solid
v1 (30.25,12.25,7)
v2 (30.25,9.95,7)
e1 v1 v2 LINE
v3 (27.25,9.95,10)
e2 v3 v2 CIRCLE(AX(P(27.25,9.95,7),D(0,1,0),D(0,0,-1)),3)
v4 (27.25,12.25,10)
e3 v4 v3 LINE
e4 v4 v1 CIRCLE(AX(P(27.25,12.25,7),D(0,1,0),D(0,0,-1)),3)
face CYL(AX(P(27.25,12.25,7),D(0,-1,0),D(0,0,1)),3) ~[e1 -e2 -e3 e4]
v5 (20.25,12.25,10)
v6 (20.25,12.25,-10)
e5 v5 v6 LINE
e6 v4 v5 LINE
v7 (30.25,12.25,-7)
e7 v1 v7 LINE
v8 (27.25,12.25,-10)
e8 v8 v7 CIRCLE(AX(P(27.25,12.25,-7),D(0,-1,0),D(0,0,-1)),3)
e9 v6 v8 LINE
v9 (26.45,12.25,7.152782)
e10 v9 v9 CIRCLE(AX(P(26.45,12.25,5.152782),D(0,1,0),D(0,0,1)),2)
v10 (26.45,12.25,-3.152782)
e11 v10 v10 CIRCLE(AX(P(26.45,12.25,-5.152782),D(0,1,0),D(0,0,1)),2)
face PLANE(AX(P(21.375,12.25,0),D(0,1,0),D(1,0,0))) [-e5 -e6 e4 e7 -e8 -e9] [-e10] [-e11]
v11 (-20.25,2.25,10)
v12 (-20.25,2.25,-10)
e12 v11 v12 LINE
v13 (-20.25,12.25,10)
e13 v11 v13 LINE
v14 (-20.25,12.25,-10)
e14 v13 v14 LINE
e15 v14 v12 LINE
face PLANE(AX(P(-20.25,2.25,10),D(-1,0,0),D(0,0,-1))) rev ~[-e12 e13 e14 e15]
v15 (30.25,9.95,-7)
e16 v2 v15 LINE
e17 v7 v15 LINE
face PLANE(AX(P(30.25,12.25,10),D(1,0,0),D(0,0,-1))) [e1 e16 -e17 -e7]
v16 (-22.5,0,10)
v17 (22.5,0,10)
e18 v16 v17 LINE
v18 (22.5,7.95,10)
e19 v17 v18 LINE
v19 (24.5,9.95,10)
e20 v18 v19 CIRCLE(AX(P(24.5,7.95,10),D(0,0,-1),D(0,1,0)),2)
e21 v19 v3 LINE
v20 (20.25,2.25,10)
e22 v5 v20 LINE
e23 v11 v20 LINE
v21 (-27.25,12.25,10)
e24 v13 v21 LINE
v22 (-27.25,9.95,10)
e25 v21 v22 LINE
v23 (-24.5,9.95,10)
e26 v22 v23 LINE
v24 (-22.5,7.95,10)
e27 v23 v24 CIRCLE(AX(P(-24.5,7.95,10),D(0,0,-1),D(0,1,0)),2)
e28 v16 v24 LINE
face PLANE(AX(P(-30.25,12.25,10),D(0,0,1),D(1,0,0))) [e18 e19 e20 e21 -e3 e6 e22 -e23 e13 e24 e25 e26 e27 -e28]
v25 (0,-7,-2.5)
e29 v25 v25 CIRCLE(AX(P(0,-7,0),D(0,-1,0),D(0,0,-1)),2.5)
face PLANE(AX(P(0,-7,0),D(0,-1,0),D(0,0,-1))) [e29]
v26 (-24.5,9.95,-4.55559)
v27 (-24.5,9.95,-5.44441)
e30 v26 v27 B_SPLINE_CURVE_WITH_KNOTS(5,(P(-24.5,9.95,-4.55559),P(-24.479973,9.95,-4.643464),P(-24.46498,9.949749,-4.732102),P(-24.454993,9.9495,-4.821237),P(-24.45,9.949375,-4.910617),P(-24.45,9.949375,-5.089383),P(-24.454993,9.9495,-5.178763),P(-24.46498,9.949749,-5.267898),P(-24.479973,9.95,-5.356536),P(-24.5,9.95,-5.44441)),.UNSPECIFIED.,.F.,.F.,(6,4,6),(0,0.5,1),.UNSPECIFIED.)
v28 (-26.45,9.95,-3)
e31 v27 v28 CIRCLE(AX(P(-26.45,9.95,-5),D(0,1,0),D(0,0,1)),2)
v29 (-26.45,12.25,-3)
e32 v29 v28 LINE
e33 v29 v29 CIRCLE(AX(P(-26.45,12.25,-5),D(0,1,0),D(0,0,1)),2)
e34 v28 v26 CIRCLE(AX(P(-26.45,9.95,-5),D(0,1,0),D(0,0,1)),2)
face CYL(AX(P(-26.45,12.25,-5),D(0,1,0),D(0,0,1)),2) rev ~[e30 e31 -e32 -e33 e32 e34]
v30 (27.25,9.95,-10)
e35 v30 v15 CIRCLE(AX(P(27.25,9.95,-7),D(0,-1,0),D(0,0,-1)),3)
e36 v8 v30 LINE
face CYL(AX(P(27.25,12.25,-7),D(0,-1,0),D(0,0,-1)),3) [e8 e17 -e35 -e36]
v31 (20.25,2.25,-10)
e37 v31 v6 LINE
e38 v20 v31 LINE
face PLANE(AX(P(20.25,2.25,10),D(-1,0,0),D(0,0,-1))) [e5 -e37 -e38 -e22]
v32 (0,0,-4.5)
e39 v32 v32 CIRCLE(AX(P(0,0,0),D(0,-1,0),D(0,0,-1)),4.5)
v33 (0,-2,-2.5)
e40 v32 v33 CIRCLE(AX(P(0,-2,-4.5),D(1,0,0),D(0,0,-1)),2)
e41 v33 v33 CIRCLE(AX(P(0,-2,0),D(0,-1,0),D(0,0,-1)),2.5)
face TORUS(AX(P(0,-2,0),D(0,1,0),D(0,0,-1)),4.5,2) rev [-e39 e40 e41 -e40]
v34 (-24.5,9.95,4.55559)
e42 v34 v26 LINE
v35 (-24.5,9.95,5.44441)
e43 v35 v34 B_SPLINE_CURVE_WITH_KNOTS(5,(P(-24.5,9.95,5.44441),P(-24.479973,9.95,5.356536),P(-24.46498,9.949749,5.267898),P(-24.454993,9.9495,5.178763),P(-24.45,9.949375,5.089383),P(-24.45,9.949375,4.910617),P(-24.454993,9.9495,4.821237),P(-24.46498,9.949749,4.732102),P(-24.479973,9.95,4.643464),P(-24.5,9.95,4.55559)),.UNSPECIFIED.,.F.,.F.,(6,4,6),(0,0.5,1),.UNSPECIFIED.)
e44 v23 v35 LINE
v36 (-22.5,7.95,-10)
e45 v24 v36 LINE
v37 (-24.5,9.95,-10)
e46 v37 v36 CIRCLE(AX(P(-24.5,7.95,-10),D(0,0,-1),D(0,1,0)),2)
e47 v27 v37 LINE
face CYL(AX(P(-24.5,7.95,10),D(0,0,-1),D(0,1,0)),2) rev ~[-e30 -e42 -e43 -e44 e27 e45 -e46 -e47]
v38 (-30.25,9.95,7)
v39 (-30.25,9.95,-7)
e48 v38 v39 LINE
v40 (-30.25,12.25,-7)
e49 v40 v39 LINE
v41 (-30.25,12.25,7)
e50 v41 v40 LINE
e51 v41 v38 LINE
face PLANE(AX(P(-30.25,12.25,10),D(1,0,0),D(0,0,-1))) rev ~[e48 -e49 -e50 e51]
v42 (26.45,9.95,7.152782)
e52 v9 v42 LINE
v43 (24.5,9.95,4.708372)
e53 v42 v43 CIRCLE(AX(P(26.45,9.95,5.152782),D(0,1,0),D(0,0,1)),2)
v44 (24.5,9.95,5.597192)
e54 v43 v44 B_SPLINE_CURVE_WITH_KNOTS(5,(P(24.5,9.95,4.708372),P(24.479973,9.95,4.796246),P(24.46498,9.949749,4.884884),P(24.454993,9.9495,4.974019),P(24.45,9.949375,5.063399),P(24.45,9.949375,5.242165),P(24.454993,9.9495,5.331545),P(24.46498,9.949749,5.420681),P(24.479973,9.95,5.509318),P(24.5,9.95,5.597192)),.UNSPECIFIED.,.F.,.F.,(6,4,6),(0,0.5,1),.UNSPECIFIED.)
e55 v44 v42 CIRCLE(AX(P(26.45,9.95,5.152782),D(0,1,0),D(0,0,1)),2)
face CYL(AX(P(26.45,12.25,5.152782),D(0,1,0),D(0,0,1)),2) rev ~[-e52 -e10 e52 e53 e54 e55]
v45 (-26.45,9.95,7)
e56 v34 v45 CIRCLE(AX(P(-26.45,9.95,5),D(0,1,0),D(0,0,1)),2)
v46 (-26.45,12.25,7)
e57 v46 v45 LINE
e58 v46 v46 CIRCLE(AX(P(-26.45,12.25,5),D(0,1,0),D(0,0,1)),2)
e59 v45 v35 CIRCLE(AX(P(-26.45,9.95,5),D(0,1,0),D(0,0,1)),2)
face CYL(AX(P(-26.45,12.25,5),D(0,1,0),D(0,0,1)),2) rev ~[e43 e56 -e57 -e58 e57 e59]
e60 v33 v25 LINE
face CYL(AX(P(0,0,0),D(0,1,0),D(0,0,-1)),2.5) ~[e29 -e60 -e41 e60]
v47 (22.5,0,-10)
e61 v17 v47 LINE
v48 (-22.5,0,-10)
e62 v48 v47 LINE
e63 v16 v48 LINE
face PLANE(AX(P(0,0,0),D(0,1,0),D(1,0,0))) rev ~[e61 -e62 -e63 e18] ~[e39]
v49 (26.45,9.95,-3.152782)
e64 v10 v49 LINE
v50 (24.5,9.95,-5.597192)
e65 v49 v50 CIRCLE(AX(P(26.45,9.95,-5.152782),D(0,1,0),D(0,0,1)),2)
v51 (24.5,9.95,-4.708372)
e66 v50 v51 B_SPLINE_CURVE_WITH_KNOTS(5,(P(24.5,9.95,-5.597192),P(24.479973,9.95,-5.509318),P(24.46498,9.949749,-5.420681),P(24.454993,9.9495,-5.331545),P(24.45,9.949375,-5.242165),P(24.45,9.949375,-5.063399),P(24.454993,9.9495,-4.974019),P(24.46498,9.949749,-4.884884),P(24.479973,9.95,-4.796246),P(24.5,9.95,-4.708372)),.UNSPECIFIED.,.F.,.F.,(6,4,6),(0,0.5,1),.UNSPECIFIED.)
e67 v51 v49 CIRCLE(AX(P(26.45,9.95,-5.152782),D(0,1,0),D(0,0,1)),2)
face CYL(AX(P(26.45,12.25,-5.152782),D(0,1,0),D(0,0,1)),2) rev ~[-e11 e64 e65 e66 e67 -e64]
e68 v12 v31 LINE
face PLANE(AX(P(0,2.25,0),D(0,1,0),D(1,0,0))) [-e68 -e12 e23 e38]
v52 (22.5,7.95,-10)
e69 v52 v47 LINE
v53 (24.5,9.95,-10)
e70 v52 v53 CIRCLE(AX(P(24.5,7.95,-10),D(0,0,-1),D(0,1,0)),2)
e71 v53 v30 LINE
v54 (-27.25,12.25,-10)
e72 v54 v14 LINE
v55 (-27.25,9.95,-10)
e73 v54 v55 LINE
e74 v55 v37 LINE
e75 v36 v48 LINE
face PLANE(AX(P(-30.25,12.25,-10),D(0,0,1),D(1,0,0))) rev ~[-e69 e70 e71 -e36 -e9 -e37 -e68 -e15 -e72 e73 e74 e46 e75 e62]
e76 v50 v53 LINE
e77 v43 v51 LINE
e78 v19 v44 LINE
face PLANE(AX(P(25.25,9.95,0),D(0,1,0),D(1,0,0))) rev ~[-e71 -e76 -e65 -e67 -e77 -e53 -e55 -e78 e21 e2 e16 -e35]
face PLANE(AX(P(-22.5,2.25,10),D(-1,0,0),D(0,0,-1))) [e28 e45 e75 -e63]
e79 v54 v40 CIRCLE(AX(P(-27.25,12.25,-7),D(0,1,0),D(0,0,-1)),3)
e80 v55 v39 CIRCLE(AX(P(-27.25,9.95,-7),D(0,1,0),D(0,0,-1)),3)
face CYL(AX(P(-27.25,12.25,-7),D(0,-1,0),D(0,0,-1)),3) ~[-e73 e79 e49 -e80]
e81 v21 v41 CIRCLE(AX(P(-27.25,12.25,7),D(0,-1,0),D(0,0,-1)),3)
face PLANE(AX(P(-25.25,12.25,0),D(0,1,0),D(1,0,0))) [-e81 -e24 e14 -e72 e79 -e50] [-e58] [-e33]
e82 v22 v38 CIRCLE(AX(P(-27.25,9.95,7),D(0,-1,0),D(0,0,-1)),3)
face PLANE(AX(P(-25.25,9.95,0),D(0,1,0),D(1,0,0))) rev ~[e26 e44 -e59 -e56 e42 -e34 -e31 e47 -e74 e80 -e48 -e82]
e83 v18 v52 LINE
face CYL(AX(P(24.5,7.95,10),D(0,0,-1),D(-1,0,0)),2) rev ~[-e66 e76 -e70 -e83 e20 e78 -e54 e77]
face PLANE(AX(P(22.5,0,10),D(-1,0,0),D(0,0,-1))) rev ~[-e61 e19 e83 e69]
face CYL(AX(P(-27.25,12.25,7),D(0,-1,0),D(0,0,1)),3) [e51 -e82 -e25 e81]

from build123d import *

# Parameters (mm, degrees)
SKETCH1_W           = 45
SKETCH1_H           = 20
BOSS_EXTRUDE1_DEPTH = 2.25
SKETCH2_W           = 2.25
SKETCH2_H           = 20
BOSS_EXTRUDE2_DEPTH = 10
SKETCH3_W           = 10
SKETCH3_H           = 20
BOSS_EXTRUDE3_DEPTH = 2.3
FILLET1_R           = 2
SKETCH4_R           = 2
CUT_EXTRUDE1_DEPTH  = 35.133927404
SKETCH5_R           = 2.5
BOSS_EXTRUDE4_DEPTH = 7
FILLET2_R           = 2
FILLET3_R           = 3


with BuildPart() as part:
    # Sketch1 → Boss-Extrude1 (new body)
    with BuildSketch(Plane(origin=(0, 0, 0), x_dir=(1, 0, 0), z_dir=(0, 1, 0))):
        Rectangle(SKETCH1_W, SKETCH1_H)
    extrude(amount=BOSS_EXTRUDE1_DEPTH)

    # Sketch2 → Boss-Extrude2 (add)
    with BuildSketch(Plane(origin=(0, 2.25, 0), x_dir=(1, 0, 0), z_dir=(0, 1, 0))):
        with Locations((-21.375, 0)):
            Rectangle(SKETCH2_W, SKETCH2_H)
        with Locations((21.375, 0)):
            Rectangle(SKETCH2_W, SKETCH2_H)
    extrude(amount=BOSS_EXTRUDE2_DEPTH)

    # Sketch3 → Boss-Extrude3 (add)
    with BuildSketch(Plane(origin=(0, 12.25, 0), x_dir=(1, 0, 0), z_dir=(0, 1, 0))):
        with Locations((-25.25, 0)):
            Rectangle(SKETCH3_W, SKETCH3_H)
        with Locations((25.25, 0)):
            Rectangle(SKETCH3_W, SKETCH3_H)
    extrude(amount=-BOSS_EXTRUDE3_DEPTH)

    # Fillet1
    fillet1_edges = [part.edges().sort_by_distance(p)[0] for p in [
        (-22.5, 9.95, 0),
        (22.5, 9.95, 0),
    ]]
    fillet(fillet1_edges, radius=FILLET1_R)

    # Sketch4 → Cut-Extrude1 (cut, through all)
    with BuildSketch(Plane(origin=(0, 12.25, 0), x_dir=(1, 0, 0), z_dir=(0, 1, 0))):
        with Locations(Location((26.45, 5.15278214, 0), (0, 0, 270))):
            Circle(SKETCH4_R)
        with Locations(Location((26.45, -5.15278214, 0), (0, 0, 270))):
            Circle(SKETCH4_R)
        with Locations(Location((-26.45, 5, 0), (0, 0, 270))):
            Circle(SKETCH4_R)
        with Locations(Location((-26.45, -5, 0), (0, 0, 270))):
            Circle(SKETCH4_R)
    extrude(amount=-CUT_EXTRUDE1_DEPTH, mode=Mode.SUBTRACT)

    # Sketch5 → Boss-Extrude4 (add)
    with BuildSketch(Plane.XZ):
        with Locations(Location((0, 0, 0), (0, 0, 270))):
            Circle(SKETCH5_R)
    extrude(amount=BOSS_EXTRUDE4_DEPTH)

    # Fillet2
    fillet2_edges = [part.edges().sort_by_distance(p)[0] for p in [
        (0, 0, 2.5),
    ]]
    fillet(fillet2_edges, radius=FILLET2_R)

    # Fillet3
    fillet3_edges = [part.edges().sort_by_distance(p)[0] for p in [
        (-30.25, 11.1, -10),
        (-30.25, 11.1, 10),
        (30.25, 11.1, 10),
        (30.25, 11.1, -10),
    ]]
    fillet(fillet3_edges, radius=FILLET3_R)


solid = part.part
